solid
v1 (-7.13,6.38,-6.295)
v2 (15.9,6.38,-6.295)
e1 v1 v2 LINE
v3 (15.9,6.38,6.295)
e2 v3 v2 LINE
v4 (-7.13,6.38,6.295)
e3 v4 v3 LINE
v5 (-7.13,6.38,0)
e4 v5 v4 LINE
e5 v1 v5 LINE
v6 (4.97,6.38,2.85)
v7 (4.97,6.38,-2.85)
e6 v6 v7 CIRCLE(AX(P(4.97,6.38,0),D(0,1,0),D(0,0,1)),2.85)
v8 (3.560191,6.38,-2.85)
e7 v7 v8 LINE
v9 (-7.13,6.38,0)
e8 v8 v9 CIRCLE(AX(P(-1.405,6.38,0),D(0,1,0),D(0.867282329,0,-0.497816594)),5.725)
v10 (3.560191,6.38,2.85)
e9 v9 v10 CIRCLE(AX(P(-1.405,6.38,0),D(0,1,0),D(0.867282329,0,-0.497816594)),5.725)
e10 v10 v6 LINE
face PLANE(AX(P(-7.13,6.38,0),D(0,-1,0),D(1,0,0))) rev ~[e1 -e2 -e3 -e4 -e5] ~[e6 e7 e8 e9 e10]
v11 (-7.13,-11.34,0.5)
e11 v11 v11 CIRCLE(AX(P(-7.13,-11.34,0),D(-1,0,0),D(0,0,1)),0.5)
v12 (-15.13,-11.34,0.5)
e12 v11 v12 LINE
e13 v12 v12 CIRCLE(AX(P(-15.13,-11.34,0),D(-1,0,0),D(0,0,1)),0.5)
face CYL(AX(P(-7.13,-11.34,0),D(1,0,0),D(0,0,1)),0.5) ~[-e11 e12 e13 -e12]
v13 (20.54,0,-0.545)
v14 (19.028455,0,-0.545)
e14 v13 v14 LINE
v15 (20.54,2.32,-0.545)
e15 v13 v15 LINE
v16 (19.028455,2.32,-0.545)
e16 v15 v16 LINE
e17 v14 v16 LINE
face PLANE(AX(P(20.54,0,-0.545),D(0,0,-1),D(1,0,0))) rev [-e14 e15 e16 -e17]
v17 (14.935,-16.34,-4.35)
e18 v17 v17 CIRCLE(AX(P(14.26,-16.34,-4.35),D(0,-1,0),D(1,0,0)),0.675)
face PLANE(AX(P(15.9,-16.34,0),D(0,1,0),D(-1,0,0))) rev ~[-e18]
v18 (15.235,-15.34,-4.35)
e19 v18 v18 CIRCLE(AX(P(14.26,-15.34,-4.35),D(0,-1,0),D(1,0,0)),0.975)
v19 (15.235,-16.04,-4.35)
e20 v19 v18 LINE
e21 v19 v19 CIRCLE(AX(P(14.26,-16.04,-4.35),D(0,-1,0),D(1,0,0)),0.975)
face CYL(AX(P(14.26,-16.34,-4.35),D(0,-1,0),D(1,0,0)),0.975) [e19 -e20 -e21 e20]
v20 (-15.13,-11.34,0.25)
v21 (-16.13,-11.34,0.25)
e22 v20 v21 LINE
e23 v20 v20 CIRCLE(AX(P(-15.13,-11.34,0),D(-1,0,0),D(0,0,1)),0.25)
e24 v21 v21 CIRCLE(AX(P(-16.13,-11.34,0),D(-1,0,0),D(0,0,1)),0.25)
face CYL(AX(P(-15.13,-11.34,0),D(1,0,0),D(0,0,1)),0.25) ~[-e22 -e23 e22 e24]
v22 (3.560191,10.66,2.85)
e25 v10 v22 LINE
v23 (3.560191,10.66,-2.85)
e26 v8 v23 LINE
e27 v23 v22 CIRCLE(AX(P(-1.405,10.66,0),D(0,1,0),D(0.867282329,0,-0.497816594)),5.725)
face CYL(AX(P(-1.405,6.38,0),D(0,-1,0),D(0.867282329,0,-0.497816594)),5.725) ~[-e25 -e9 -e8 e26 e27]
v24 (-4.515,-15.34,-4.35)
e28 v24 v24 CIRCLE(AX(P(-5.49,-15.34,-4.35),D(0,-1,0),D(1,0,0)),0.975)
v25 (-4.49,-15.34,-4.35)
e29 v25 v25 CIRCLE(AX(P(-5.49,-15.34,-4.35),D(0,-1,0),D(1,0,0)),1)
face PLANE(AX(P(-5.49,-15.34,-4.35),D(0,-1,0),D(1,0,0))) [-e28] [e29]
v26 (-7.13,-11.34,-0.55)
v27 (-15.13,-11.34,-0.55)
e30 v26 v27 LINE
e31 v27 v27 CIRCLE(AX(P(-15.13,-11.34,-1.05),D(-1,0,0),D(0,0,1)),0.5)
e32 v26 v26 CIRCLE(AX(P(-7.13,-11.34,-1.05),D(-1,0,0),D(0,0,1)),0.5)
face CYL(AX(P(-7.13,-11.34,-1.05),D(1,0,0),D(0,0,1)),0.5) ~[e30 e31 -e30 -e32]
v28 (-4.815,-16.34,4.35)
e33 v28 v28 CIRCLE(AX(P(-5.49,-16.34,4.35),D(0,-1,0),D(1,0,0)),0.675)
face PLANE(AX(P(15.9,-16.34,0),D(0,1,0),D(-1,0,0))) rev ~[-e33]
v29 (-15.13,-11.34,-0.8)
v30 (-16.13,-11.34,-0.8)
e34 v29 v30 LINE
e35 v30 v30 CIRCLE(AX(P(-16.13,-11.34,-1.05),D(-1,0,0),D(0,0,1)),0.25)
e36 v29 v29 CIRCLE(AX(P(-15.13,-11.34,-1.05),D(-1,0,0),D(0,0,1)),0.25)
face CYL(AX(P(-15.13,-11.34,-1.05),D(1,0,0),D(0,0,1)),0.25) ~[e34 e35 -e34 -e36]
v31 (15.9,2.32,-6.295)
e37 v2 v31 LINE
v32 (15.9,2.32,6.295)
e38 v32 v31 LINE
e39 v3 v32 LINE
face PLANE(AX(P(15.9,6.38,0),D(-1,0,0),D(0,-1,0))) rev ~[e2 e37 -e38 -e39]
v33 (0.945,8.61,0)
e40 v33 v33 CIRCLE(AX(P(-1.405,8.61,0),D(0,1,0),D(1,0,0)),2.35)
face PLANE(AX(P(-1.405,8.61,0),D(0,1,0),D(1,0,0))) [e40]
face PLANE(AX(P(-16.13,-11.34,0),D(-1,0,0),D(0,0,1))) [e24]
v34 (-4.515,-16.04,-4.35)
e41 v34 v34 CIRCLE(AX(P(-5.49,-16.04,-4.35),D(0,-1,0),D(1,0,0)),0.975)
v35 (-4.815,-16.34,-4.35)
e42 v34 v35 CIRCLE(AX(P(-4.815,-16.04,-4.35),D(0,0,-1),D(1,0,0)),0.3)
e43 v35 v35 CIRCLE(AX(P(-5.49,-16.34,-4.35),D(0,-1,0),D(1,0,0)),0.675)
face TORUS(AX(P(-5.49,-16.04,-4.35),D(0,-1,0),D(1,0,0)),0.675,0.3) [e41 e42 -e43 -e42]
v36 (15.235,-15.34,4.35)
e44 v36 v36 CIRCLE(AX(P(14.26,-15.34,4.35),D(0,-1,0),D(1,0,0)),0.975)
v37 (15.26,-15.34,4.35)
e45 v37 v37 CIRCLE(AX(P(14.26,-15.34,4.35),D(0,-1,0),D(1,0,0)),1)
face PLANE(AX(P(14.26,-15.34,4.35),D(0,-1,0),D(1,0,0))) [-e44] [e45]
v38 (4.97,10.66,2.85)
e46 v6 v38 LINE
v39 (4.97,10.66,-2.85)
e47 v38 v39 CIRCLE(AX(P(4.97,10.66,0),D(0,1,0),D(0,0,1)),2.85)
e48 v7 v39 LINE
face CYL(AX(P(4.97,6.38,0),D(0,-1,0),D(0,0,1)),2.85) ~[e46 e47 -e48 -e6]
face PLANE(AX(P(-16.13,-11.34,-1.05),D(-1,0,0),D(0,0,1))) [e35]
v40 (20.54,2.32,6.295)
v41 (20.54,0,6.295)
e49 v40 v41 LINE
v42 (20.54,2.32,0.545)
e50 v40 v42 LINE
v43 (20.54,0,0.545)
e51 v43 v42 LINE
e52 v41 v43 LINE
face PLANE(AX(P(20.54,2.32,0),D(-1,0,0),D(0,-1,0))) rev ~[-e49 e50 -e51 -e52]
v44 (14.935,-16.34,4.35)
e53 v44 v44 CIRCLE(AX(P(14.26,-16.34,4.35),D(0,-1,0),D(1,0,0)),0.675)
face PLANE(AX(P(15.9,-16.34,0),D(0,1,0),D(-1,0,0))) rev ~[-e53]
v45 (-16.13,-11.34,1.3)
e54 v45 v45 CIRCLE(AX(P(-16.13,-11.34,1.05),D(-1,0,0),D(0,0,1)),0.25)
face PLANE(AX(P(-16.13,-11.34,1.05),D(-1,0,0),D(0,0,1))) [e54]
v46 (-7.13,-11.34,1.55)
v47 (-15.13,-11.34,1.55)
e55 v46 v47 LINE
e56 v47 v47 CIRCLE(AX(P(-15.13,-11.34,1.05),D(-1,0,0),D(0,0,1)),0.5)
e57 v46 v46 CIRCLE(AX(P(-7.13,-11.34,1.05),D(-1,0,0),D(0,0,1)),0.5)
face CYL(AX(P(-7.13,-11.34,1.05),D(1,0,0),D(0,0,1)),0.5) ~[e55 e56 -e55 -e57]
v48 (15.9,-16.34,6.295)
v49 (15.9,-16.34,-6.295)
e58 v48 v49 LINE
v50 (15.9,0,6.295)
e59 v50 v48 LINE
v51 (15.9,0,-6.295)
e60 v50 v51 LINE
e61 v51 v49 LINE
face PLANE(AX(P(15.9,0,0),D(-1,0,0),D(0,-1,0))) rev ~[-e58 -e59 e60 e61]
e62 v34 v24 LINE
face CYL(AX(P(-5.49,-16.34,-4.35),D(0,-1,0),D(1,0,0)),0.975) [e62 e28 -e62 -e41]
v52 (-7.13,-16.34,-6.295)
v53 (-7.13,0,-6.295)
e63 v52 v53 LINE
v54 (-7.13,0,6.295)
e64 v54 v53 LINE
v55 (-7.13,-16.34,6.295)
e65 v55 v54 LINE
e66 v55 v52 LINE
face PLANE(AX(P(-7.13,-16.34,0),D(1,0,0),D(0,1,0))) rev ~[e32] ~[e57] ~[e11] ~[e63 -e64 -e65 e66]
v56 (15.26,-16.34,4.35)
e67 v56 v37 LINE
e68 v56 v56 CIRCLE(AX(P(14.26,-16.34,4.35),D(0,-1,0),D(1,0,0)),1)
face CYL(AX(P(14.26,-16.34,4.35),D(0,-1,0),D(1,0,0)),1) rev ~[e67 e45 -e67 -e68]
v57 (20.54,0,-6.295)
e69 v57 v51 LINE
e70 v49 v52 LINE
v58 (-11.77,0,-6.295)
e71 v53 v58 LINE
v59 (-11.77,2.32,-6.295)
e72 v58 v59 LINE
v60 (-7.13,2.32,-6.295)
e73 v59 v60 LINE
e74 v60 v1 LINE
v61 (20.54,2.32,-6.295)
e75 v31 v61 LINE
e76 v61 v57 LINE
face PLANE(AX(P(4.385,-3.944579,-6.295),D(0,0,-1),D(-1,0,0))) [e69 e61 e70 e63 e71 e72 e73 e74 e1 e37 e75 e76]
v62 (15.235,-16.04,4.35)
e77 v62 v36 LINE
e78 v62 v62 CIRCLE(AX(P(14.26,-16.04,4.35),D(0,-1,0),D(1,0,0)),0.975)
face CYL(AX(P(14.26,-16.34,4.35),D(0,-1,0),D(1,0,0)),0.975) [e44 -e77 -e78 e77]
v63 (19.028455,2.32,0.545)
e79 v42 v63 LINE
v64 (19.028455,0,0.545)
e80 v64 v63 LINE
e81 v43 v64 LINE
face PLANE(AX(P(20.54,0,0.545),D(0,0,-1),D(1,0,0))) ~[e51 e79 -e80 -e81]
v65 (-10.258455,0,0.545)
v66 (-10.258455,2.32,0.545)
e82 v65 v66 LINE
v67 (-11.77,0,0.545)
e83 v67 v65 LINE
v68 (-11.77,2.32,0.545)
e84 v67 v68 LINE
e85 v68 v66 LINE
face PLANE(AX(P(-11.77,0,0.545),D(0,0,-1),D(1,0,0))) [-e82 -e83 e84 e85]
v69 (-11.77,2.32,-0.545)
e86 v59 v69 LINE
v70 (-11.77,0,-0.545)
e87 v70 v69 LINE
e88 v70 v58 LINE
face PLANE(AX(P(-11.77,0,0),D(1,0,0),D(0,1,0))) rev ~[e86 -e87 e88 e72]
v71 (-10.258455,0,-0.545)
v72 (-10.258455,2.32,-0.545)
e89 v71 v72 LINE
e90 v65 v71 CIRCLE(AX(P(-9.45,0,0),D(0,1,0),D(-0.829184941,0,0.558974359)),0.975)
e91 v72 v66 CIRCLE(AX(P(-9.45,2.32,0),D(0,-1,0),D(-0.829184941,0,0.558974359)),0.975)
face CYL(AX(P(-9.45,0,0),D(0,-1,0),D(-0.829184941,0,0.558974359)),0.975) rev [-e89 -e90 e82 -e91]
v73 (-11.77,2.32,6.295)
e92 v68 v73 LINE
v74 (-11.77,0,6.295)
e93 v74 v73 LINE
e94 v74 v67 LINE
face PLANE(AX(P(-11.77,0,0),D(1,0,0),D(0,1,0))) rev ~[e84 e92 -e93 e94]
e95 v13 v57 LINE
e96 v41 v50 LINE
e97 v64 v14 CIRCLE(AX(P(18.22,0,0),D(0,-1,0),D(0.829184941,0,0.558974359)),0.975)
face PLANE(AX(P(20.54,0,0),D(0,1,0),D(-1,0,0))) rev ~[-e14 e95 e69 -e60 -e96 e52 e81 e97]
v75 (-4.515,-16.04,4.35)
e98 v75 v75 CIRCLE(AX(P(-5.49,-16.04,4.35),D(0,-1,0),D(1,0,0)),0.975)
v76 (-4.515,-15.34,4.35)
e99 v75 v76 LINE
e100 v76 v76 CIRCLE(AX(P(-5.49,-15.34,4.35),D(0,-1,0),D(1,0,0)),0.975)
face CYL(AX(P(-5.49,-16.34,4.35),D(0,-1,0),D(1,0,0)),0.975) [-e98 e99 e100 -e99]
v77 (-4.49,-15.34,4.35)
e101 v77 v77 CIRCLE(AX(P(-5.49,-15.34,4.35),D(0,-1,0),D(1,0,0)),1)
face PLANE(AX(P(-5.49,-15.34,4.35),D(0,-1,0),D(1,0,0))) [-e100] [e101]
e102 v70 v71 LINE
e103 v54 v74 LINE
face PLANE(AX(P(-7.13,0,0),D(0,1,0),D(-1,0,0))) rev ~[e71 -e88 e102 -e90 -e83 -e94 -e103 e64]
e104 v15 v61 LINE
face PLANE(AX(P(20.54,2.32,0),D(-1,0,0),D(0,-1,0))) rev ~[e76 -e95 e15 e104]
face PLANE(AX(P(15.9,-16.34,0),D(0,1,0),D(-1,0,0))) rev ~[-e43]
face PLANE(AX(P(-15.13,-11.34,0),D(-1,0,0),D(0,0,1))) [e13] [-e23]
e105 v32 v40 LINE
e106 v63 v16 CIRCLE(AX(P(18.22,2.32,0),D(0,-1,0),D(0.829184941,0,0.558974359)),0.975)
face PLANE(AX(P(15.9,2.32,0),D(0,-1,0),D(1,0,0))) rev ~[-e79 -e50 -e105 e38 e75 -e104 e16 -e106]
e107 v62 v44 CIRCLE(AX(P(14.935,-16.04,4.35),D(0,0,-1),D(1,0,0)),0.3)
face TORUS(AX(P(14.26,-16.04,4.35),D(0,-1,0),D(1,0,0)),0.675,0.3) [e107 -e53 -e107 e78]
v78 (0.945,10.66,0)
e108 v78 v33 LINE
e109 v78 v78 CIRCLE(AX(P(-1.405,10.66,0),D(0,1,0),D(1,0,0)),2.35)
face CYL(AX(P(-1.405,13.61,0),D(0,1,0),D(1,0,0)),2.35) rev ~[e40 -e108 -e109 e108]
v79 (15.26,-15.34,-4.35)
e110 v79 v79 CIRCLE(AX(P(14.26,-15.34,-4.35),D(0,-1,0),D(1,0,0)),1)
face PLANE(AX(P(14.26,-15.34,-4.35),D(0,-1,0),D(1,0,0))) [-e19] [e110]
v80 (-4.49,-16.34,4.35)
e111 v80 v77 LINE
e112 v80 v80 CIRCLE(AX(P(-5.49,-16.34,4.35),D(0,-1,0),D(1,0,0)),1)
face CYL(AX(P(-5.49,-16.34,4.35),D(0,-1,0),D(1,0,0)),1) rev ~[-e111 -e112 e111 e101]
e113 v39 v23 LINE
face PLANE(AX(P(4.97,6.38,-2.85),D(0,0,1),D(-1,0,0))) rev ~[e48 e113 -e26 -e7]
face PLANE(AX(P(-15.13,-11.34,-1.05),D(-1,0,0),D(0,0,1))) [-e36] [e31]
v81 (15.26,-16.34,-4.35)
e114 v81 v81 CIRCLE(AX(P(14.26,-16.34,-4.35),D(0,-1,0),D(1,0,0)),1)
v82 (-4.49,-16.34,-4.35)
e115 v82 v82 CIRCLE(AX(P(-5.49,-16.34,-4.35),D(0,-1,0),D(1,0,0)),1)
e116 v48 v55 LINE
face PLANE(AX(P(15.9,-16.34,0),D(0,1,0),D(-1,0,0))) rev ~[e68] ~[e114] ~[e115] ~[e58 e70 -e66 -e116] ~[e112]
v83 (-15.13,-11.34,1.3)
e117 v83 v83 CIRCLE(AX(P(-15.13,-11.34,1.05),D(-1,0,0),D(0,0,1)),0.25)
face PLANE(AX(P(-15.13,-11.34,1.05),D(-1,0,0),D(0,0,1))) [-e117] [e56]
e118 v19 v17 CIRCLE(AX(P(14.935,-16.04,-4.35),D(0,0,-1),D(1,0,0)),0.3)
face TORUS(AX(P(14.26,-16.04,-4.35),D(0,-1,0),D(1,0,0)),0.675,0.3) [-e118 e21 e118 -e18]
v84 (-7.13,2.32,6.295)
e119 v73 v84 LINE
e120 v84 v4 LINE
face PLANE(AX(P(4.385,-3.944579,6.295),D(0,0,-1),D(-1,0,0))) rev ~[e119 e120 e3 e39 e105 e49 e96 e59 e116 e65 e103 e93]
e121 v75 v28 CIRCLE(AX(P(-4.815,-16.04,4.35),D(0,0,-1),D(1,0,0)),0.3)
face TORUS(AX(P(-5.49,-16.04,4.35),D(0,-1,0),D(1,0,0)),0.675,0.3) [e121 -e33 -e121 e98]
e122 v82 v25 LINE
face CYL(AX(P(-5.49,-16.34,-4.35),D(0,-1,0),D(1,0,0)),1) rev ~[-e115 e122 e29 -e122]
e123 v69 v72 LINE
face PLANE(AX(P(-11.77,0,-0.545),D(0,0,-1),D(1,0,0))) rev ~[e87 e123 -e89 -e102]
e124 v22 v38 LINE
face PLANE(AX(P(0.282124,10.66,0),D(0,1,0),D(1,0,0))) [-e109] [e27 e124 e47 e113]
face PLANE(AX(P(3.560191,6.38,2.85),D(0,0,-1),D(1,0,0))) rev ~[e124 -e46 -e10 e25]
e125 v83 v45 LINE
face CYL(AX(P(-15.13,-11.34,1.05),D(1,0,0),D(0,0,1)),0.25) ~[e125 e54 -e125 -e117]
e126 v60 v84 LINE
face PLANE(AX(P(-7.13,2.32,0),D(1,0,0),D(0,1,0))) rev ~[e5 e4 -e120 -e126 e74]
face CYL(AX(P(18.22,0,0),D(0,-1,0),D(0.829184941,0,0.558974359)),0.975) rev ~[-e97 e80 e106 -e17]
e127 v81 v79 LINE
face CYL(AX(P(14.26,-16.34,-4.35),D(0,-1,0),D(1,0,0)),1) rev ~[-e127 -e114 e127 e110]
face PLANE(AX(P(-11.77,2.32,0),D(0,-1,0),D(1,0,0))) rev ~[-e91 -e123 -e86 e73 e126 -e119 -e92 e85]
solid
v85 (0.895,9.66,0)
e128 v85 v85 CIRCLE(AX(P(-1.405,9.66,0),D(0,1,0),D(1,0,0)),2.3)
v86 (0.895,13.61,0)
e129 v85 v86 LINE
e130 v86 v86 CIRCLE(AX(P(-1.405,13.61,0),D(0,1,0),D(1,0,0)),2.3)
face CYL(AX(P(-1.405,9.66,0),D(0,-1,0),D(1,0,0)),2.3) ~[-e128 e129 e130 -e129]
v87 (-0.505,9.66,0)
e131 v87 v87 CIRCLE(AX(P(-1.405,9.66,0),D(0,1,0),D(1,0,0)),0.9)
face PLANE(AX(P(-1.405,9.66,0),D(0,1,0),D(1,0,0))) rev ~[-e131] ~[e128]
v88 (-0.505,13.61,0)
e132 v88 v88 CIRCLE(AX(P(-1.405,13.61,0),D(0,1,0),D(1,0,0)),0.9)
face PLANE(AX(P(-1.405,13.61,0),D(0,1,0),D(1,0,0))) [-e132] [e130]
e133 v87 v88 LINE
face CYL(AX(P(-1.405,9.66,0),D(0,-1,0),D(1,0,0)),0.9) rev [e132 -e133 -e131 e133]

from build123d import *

# Parameters (mm, degrees)
BOSS_EXTRUDE1_DEPTH      = 6.295
BOSS_EXTRUDE2_DEPTH      = 4.28
SKETCH4_R                = 0.975
SKETCH4_W                = 1.511544683
SKETCH4_H                = 1.09
CUT_EXTRUDE1_DEPTH       = 27.991002668
SKETCH5_R                = 1
SKETCH5_R_2              = 0.975
CUT_EXTRUDE2_DEPTH       = 1
SKETCH6_R                = 0.5
BOSS_EXTRUDE4_DEPTH      = 8
SKETCH7_R                = 0.25
BOSS_EXTRUDE5_DEPTH      = 1
FILLET1_R                = 0.3
BOSS_EXTRUDE6_DEPTH      = 2.95
BOSS_EXTRUDE6_DEPTH_BACK = 1
SKETCH12_R               = 2.3
SKETCH12_R_2             = 0.9
SKETCH13_R               = 2.35
CUT_EXTRUDE5_DEPTH       = 5


with BuildPart() as part:
    # Sketch1 → Boss-Extrude1 (new, symmetric)
    with BuildSketch(Plane.XY):
        Polygon((-7.13, 6.38), (15.9, 6.38), (15.9, 2.32), (20.54, 2.32), (20.54, 0), (15.9, 0), (15.9, -16.34), (-7.13, -16.34), (-7.13, 0), (-11.77, 0), (-11.77, 2.32), (-7.13, 2.32), align=None)
    extrude(amount=BOSS_EXTRUDE1_DEPTH, both=True)

    # Sketch2 → Boss-Extrude2 (add)
    with BuildSketch(Plane(origin=(0, 6.38, 0), x_dir=(1, 0, 0), z_dir=(0, 1, 0))):
        with BuildLine():
            Line((3.560191336, -2.85), (4.97, -2.85))
            ThreePointArc((4.97, -2.85), (7.82, 0), (4.97, 2.85))
            Line((4.97, 2.85), (3.560191336, 2.85))
            ThreePointArc((3.560191336, 2.85), (-7.13, 0), (3.560191336, -2.85))
        make_face()
    extrude(amount=BOSS_EXTRUDE2_DEPTH)

    # Sketch4 → Cut-Extrude1 (cut, through all)
    with BuildSketch(Plane(origin=(0, 0, 0), x_dir=(1, 0, 0), z_dir=(0, 1, 0))):
        with Locations((-9.45, 0)):
            Circle(SKETCH4_R)
        with Locations((-11.014227659, 0)):
            Rectangle(SKETCH4_W, SKETCH4_H)
    cut_extrude1 = extrude(amount=CUT_EXTRUDE1_DEPTH, mode=Mode.SUBTRACT)

    # Sketch5 → Cut-Extrude2 (cut)
    # profile 1 of 4: a face of its own
    with BuildSketch(Plane.XZ.offset(16.34)):
        with Locations((-5.49, 4.35)):
            Circle(SKETCH5_R)
        with Locations((-5.49, 4.35)):
            Circle(SKETCH5_R_2, mode=Mode.SUBTRACT)
    # profile 2 of 4: a face of its own
    with BuildSketch(Plane.XZ.offset(16.34)):
        with Locations((-5.49, -4.35)):
            Circle(SKETCH5_R)
        with Locations((-5.49, -4.35)):
            Circle(SKETCH5_R_2, mode=Mode.SUBTRACT)
    # profile 3 of 4: a face of its own
    with BuildSketch(Plane.XZ.offset(16.34)):
        with Locations((14.26, -4.35)):
            Circle(SKETCH5_R)
        with Locations((14.26, -4.35)):
            Circle(SKETCH5_R_2, mode=Mode.SUBTRACT)
    # profile 4 of 4: a face of its own
    with BuildSketch(Plane.XZ.offset(16.34)):
        with Locations((14.26, 4.35)):
            Circle(SKETCH5_R)
        with Locations((14.26, 4.35)):
            Circle(SKETCH5_R_2, mode=Mode.SUBTRACT)
    extrude(amount=-CUT_EXTRUDE2_DEPTH, mode=Mode.SUBTRACT)

    # Sketch6 → Boss-Extrude4 (add)
    with BuildSketch(Plane.ZY.offset(7.13)):
        with Locations((0, -11.34)):
            Circle(SKETCH6_R)
        with Locations((1.05, -11.34)):
            Circle(SKETCH6_R)
        with Locations((-1.05, -11.34)):
            Circle(SKETCH6_R)
    extrude(amount=BOSS_EXTRUDE4_DEPTH)

    # Sketch7 → Boss-Extrude5 (add)
    with BuildSketch(Plane.ZY.offset(15.13)):
        with Locations((0, -11.34)):
            Circle(SKETCH7_R)
        with Locations((1.05, -11.34)):
            Circle(SKETCH7_R)
        with Locations((-1.05, -11.34)):
            Circle(SKETCH7_R)
    extrude(amount=BOSS_EXTRUDE5_DEPTH)

    # Fillet1
    fillet1_edges = [part.edges().sort_by_distance(p)[0] for p in [
        (13.285, -16.34, -4.35),
        (13.285, -16.34, 4.35),
        (-6.465, -16.34, -4.35),
        (-6.465, -16.34, 4.35),
    ]]
    fillet(fillet1_edges, radius=FILLET1_R)

    # Sketch13 → Cut-Extrude5 (cut)
    with BuildSketch(Plane(origin=(0, 13.61, 0), x_dir=(1, 0, 0), z_dir=(0, 1, 0))):
        with Locations((-1.405, 0)):
            Circle(SKETCH13_R)
    extrude(amount=-CUT_EXTRUDE5_DEPTH, mode=Mode.SUBTRACT)

    # Symétrie1: Cut-Extrude1 across plane
    add(cut_extrude1.mirror(Plane.ZY.offset(-4.385)), mode=Mode.SUBTRACT)


with BuildPart() as body_2:
    # Sketch12 → Boss-Extrude6 (new, two sides: drawn at the far end of the back side and taken through both)
    with BuildSketch(Plane(origin=(0, 10.66, 0), x_dir=(1, 0, 0), z_dir=(0, 1, 0)).offset(-BOSS_EXTRUDE6_DEPTH_BACK)):
        with Locations((-1.405, 0)):
            Circle(SKETCH12_R)
        with Locations((-1.405, 0)):
            Circle(SKETCH12_R_2, mode=Mode.SUBTRACT)
    extrude(amount=BOSS_EXTRUDE6_DEPTH + BOSS_EXTRUDE6_DEPTH_BACK)


solid = Compound([part.part, body_2.part])
